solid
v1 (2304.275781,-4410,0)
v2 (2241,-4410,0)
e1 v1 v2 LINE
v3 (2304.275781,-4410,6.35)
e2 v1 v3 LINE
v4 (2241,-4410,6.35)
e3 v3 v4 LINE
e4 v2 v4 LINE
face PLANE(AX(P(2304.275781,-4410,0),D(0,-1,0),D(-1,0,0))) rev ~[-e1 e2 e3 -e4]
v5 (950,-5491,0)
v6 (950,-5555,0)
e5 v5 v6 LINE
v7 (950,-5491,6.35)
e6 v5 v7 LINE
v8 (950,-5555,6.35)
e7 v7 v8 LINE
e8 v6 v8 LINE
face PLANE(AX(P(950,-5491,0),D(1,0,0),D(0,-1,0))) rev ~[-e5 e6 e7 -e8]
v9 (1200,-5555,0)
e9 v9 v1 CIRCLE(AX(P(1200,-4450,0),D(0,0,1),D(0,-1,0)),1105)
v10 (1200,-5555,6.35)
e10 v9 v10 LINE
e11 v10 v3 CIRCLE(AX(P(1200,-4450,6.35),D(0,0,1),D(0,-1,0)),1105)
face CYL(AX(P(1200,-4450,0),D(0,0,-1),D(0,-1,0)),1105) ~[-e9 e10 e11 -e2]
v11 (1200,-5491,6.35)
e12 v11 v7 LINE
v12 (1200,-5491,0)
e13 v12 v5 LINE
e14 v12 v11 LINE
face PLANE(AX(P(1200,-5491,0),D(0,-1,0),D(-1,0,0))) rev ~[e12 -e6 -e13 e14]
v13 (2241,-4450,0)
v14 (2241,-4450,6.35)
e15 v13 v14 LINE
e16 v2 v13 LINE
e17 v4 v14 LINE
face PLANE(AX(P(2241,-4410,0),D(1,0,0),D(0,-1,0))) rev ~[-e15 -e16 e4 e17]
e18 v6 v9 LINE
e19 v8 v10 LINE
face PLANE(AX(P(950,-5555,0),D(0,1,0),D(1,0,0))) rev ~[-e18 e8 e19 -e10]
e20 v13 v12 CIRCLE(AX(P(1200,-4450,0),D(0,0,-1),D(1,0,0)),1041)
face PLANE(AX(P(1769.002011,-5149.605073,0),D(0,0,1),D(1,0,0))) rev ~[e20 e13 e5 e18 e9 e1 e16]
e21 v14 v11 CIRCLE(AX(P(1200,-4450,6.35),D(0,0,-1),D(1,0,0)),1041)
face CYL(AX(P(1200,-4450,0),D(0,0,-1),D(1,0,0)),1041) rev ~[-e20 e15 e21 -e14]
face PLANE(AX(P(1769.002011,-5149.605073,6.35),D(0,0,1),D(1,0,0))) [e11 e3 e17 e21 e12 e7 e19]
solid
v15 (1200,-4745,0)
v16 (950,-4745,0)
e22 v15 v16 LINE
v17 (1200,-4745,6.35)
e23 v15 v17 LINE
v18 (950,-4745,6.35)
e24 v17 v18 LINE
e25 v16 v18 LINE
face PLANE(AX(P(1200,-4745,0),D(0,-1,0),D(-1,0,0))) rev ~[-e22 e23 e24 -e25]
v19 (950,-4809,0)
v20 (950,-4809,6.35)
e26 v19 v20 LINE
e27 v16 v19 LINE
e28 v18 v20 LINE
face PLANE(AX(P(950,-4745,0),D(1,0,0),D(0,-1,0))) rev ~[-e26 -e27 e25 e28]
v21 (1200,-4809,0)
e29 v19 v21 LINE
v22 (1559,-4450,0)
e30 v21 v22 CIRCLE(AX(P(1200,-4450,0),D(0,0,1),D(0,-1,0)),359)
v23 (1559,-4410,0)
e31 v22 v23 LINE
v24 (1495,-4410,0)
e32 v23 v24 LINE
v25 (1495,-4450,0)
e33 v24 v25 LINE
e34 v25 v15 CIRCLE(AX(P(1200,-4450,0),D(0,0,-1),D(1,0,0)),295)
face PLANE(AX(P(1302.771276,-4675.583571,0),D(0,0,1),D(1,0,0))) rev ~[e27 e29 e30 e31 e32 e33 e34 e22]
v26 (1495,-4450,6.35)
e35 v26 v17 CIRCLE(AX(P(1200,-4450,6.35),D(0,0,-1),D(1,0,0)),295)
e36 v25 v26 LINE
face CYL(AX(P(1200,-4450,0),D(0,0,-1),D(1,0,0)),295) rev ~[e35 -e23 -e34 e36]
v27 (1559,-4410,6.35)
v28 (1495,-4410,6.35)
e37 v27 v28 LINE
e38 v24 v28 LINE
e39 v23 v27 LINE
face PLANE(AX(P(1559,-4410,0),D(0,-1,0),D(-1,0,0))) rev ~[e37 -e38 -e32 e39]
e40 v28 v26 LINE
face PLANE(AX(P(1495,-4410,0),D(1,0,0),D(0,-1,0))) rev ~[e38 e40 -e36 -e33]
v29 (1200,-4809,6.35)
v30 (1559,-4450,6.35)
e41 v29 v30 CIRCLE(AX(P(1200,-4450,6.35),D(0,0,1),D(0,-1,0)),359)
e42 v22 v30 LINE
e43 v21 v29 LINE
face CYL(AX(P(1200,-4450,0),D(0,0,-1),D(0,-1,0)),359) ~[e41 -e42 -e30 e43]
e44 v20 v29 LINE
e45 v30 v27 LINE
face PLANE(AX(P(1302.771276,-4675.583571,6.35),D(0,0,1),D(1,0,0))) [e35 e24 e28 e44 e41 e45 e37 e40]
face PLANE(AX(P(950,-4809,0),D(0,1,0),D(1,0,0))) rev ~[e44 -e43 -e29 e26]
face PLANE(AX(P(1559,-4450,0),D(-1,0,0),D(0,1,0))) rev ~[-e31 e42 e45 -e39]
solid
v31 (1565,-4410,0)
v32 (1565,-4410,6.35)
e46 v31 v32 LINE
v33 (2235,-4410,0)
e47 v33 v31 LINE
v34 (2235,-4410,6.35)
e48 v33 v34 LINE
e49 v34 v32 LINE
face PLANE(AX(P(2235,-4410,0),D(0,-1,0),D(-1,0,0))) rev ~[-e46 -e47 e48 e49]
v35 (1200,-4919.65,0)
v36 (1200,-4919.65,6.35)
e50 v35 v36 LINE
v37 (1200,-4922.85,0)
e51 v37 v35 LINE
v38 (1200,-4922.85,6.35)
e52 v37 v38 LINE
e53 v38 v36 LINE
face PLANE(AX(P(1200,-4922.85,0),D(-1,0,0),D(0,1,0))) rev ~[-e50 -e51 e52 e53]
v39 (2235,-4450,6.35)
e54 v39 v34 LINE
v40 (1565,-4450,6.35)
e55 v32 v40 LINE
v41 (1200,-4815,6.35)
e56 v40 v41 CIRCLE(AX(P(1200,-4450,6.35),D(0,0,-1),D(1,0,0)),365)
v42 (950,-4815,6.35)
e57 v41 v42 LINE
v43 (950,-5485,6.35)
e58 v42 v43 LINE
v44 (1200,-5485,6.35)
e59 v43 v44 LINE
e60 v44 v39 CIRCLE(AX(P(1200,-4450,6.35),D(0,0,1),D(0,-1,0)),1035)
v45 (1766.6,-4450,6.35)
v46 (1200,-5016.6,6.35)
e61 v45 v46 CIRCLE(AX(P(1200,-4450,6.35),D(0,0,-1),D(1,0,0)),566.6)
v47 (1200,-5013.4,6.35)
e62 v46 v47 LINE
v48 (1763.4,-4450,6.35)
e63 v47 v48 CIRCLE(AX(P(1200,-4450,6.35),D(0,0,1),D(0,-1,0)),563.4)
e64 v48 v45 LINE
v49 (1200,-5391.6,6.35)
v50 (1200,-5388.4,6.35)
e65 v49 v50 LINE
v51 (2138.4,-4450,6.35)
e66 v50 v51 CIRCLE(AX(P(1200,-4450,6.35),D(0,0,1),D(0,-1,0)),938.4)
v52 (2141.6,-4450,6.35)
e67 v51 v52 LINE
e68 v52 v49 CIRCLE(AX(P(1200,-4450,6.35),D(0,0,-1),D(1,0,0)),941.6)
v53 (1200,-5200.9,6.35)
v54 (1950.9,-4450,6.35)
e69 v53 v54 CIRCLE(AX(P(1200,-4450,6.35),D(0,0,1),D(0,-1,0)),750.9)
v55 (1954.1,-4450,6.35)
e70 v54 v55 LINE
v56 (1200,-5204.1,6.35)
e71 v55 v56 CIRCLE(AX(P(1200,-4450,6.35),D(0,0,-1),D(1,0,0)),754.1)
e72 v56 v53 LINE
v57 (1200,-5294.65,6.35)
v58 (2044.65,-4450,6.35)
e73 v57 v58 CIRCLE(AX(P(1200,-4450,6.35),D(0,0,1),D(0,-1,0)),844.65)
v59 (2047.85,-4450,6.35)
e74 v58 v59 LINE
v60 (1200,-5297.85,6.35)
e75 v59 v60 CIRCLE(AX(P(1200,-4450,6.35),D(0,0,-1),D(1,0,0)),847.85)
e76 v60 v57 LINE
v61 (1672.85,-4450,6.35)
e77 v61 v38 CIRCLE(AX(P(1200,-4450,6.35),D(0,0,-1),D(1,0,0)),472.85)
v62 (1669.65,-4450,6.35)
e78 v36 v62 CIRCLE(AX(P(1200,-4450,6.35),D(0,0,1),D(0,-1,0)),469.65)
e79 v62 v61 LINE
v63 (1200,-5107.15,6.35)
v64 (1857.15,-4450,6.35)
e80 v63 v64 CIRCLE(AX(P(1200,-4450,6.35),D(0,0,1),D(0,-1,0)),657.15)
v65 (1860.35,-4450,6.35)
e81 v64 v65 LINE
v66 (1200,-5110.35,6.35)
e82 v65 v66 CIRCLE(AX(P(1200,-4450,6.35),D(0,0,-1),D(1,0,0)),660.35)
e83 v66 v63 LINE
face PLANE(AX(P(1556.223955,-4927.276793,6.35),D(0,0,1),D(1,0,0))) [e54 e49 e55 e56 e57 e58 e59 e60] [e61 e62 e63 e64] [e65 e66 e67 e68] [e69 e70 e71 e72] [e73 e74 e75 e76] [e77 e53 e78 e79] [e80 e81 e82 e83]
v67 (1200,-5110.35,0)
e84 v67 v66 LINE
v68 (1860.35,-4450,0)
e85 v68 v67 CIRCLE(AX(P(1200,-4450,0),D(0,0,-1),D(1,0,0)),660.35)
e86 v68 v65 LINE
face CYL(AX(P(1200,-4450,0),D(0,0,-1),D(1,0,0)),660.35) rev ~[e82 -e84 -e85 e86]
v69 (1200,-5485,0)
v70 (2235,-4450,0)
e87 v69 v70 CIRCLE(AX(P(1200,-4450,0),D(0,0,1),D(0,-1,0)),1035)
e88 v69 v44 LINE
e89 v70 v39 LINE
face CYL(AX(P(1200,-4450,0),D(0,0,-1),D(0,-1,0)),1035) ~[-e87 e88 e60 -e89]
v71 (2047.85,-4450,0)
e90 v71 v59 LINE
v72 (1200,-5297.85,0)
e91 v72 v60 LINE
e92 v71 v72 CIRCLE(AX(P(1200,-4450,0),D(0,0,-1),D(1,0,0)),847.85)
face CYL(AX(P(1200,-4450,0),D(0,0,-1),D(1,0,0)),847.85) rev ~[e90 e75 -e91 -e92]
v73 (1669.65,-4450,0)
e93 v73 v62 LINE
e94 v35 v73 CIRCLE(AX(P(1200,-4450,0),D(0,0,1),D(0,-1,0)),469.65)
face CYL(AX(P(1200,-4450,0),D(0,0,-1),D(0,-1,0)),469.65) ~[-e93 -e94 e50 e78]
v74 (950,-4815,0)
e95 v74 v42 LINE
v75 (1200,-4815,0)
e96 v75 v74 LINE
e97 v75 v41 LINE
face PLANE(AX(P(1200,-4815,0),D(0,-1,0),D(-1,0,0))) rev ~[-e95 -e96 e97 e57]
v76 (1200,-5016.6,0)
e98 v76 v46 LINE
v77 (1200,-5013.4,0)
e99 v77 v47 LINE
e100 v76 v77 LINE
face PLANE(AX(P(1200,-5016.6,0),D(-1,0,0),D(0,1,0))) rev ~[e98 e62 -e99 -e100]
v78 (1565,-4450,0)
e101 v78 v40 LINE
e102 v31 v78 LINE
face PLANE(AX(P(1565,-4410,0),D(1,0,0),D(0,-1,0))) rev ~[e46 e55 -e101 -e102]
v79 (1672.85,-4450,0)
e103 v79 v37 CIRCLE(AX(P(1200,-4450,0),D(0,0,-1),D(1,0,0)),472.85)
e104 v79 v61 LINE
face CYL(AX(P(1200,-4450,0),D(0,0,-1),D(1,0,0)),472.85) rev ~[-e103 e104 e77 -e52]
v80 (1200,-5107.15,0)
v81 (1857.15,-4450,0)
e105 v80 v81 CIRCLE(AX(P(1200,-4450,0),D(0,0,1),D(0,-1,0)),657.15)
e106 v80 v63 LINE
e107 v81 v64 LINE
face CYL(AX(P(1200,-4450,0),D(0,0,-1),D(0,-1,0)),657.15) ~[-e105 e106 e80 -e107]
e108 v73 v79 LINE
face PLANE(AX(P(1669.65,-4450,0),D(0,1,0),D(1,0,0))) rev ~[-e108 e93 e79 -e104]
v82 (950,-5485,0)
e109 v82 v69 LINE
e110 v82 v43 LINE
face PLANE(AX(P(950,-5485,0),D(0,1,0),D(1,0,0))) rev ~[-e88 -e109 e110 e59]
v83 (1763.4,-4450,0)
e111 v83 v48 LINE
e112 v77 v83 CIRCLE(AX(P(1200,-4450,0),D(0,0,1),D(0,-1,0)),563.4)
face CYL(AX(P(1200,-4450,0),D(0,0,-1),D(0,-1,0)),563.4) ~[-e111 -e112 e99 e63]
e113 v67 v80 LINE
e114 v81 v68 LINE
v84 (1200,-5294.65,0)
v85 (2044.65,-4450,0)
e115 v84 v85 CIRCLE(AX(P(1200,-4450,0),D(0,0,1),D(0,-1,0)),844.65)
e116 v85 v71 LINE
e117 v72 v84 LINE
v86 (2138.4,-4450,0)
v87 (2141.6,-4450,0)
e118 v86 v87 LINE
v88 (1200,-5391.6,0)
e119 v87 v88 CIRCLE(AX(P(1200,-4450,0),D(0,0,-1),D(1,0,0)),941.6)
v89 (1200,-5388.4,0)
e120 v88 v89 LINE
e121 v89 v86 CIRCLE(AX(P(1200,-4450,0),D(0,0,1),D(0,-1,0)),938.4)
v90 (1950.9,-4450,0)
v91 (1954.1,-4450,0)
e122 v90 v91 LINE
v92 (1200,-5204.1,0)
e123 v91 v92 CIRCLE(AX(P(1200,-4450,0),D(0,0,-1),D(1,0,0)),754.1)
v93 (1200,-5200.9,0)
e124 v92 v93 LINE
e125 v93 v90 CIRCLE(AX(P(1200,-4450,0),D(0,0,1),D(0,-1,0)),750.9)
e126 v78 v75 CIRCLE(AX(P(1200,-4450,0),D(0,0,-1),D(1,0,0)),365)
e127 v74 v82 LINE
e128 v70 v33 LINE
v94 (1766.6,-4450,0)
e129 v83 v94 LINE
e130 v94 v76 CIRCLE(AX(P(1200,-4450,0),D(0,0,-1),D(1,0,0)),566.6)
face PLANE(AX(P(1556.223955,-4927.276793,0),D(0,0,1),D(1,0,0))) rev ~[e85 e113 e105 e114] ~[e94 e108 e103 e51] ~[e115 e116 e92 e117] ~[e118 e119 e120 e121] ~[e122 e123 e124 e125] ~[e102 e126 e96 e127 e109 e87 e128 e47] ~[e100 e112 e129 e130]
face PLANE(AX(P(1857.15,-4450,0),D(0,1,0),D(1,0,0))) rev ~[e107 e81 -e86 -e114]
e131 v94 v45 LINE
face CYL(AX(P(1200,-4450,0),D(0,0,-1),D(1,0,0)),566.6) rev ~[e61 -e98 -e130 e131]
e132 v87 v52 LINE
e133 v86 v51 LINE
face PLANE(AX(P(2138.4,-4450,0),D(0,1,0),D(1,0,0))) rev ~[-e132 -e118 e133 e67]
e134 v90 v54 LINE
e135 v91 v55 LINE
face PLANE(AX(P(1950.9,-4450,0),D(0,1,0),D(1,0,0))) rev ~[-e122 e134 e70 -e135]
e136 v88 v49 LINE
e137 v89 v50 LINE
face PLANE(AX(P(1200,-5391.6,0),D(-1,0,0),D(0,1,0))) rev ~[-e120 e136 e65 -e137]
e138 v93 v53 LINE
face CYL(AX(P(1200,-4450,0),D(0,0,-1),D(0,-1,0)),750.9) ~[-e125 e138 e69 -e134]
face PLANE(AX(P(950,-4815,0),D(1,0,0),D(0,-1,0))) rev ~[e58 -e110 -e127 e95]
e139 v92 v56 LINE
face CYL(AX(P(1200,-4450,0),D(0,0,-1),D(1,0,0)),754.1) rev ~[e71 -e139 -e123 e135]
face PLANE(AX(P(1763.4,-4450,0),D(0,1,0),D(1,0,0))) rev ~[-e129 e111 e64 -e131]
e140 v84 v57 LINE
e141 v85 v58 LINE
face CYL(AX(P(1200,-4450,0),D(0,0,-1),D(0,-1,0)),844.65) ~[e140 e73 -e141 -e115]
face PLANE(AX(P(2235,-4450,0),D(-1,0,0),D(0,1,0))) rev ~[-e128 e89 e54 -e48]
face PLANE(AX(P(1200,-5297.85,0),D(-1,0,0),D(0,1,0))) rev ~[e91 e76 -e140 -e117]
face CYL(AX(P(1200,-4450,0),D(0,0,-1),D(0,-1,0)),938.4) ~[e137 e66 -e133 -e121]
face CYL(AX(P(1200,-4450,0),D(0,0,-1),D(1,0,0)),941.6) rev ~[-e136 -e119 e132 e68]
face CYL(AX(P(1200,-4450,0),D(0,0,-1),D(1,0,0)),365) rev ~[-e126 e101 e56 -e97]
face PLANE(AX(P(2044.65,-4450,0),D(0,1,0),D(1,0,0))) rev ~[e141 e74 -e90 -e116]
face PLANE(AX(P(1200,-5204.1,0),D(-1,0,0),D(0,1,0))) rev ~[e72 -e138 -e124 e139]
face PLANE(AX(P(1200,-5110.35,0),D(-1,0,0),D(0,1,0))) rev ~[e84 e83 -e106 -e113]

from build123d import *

# Parameters (mm, degrees)
BOSS_EXTRUDE1_DEPTH   = 6.35
BOSS_EXTRUDE1_2_DEPTH = 6.35
BOSS_EXTRUDE1_3_DEPTH = 6.35


with BuildPart() as part:
    # Sketch1 → Boss-Extrude1 (new body)
    with BuildSketch(Plane.XY):
        with BuildLine():
            Line((1559, -4410), (1495, -4410))
            Line((1495, -4410), (1495, -4450))
            ThreePointArc((1495, -4450), (1408.59650045, -4658.59650045), (1200, -4745))
            Line((1200, -4745), (950, -4745))
            Line((950, -4745), (950, -4809))
            Line((950, -4809), (1200, -4809))
            ThreePointArc((1200, -4809), (1453.851334446, -4703.851334446), (1559, -4450))
            Line((1559, -4450), (1559, -4410))
        make_face()
    extrude(amount=BOSS_EXTRUDE1_DEPTH)


with BuildPart() as body_2:
    # Sketch1 → Boss-Extrude1 2 (new body)
    with BuildSketch(Plane.XY):
        with BuildLine():
            Line((2235, -4410), (1565, -4410))
            Line((1565, -4410), (1565, -4450))
            ThreePointArc((1565, -4450), (1458.093975133, -4708.093975133), (1200, -4815))
            Line((1200, -4815), (950, -4815))
            Line((950, -4815), (950, -5485))
            Line((950, -5485), (1200, -5485))
            ThreePointArc((1200, -5485), (1931.855518528, -5181.855518528), (2235, -4450))
            Line((2235, -4450), (2235, -4410))
        make_face()
        with BuildLine():
            ThreePointArc((1200, -5388.4), (1863.549003465, -5113.549003465), (2138.4, -4450))
            Line((2138.4, -4450), (2141.6, -4450))
            ThreePointArc((2141.6, -4450), (1865.811745165, -5115.811745165), (1200, -5391.6))
            Line((1200, -5391.6), (1200, -5388.4))
        make_face(mode=Mode.SUBTRACT)
        with BuildLine():
            Line((1200, -5297.85), (1200, -5294.65))
            ThreePointArc((1200, -5294.65), (1797.257742729, -5047.257742729), (2044.65, -4450))
            Line((2044.65, -4450), (2047.85, -4450))
            ThreePointArc((2047.85, -4450), (1799.520484429, -5049.520484429), (1200, -5297.85))
        make_face(mode=Mode.SUBTRACT)
        with BuildLine():
            Line((1950.9, -4450), (1954.1, -4450))
            ThreePointArc((1954.1, -4450), (1733.229223693, -4983.229223693), (1200, -5204.1))
            Line((1200, -5204.1), (1200, -5200.9))
            ThreePointArc((1200, -5200.9), (1730.966481993, -4980.966481993), (1950.9, -4450))
        make_face(mode=Mode.SUBTRACT)
        with BuildLine():
            Line((1857.15, -4450), (1860.35, -4450))
            ThreePointArc((1860.35, -4450), (1666.937962957, -4916.937962957), (1200, -5110.35))
            Line((1200, -5110.35), (1200, -5107.15))
            ThreePointArc((1200, -5107.15), (1664.675221257, -4914.675221257), (1857.15, -4450))
        make_face(mode=Mode.SUBTRACT)
        with BuildLine():
            Line((1763.4, -4450), (1766.6, -4450))
            ThreePointArc((1766.6, -4450), (1600.64670222, -4850.64670222), (1200, -5016.6))
            Line((1200, -5016.6), (1200, -5013.4))
            ThreePointArc((1200, -5013.4), (1598.383960521, -4848.383960521), (1763.4, -4450))
        make_face(mode=Mode.SUBTRACT)
        with BuildLine():
            Line((1669.65, -4450), (1672.85, -4450))
            ThreePointArc((1672.85, -4450), (1534.355441484, -4784.355441484), (1200, -4922.85))
            Line((1200, -4922.85), (1200, -4919.65))
            ThreePointArc((1200, -4919.65), (1532.092699784, -4782.092699784), (1669.65, -4450))
        make_face(mode=Mode.SUBTRACT)
    extrude(amount=BOSS_EXTRUDE1_2_DEPTH)


with BuildPart() as body_3:
    # Sketch1 → Boss-Extrude1 3 (new body)
    with BuildSketch(Plane.XY):
        with BuildLine():
            Line((2304.275780772, -4410), (2241, -4410))
            Line((2241, -4410), (2241, -4450))
            ThreePointArc((2241, -4450), (1936.098159215, -5186.098159215), (1200, -5491))
            Line((1200, -5491), (950, -5491))
            Line((950, -5491), (950, -5555))
            Line((950, -5555), (1200, -5555))
            ThreePointArc((1200, -5555), (1995.369411029, -5217.08050425), (2304.275780772, -4410))
        make_face()
    extrude(amount=BOSS_EXTRUDE1_3_DEPTH)


solid = Compound([part.part, body_2.part, body_3.part])
